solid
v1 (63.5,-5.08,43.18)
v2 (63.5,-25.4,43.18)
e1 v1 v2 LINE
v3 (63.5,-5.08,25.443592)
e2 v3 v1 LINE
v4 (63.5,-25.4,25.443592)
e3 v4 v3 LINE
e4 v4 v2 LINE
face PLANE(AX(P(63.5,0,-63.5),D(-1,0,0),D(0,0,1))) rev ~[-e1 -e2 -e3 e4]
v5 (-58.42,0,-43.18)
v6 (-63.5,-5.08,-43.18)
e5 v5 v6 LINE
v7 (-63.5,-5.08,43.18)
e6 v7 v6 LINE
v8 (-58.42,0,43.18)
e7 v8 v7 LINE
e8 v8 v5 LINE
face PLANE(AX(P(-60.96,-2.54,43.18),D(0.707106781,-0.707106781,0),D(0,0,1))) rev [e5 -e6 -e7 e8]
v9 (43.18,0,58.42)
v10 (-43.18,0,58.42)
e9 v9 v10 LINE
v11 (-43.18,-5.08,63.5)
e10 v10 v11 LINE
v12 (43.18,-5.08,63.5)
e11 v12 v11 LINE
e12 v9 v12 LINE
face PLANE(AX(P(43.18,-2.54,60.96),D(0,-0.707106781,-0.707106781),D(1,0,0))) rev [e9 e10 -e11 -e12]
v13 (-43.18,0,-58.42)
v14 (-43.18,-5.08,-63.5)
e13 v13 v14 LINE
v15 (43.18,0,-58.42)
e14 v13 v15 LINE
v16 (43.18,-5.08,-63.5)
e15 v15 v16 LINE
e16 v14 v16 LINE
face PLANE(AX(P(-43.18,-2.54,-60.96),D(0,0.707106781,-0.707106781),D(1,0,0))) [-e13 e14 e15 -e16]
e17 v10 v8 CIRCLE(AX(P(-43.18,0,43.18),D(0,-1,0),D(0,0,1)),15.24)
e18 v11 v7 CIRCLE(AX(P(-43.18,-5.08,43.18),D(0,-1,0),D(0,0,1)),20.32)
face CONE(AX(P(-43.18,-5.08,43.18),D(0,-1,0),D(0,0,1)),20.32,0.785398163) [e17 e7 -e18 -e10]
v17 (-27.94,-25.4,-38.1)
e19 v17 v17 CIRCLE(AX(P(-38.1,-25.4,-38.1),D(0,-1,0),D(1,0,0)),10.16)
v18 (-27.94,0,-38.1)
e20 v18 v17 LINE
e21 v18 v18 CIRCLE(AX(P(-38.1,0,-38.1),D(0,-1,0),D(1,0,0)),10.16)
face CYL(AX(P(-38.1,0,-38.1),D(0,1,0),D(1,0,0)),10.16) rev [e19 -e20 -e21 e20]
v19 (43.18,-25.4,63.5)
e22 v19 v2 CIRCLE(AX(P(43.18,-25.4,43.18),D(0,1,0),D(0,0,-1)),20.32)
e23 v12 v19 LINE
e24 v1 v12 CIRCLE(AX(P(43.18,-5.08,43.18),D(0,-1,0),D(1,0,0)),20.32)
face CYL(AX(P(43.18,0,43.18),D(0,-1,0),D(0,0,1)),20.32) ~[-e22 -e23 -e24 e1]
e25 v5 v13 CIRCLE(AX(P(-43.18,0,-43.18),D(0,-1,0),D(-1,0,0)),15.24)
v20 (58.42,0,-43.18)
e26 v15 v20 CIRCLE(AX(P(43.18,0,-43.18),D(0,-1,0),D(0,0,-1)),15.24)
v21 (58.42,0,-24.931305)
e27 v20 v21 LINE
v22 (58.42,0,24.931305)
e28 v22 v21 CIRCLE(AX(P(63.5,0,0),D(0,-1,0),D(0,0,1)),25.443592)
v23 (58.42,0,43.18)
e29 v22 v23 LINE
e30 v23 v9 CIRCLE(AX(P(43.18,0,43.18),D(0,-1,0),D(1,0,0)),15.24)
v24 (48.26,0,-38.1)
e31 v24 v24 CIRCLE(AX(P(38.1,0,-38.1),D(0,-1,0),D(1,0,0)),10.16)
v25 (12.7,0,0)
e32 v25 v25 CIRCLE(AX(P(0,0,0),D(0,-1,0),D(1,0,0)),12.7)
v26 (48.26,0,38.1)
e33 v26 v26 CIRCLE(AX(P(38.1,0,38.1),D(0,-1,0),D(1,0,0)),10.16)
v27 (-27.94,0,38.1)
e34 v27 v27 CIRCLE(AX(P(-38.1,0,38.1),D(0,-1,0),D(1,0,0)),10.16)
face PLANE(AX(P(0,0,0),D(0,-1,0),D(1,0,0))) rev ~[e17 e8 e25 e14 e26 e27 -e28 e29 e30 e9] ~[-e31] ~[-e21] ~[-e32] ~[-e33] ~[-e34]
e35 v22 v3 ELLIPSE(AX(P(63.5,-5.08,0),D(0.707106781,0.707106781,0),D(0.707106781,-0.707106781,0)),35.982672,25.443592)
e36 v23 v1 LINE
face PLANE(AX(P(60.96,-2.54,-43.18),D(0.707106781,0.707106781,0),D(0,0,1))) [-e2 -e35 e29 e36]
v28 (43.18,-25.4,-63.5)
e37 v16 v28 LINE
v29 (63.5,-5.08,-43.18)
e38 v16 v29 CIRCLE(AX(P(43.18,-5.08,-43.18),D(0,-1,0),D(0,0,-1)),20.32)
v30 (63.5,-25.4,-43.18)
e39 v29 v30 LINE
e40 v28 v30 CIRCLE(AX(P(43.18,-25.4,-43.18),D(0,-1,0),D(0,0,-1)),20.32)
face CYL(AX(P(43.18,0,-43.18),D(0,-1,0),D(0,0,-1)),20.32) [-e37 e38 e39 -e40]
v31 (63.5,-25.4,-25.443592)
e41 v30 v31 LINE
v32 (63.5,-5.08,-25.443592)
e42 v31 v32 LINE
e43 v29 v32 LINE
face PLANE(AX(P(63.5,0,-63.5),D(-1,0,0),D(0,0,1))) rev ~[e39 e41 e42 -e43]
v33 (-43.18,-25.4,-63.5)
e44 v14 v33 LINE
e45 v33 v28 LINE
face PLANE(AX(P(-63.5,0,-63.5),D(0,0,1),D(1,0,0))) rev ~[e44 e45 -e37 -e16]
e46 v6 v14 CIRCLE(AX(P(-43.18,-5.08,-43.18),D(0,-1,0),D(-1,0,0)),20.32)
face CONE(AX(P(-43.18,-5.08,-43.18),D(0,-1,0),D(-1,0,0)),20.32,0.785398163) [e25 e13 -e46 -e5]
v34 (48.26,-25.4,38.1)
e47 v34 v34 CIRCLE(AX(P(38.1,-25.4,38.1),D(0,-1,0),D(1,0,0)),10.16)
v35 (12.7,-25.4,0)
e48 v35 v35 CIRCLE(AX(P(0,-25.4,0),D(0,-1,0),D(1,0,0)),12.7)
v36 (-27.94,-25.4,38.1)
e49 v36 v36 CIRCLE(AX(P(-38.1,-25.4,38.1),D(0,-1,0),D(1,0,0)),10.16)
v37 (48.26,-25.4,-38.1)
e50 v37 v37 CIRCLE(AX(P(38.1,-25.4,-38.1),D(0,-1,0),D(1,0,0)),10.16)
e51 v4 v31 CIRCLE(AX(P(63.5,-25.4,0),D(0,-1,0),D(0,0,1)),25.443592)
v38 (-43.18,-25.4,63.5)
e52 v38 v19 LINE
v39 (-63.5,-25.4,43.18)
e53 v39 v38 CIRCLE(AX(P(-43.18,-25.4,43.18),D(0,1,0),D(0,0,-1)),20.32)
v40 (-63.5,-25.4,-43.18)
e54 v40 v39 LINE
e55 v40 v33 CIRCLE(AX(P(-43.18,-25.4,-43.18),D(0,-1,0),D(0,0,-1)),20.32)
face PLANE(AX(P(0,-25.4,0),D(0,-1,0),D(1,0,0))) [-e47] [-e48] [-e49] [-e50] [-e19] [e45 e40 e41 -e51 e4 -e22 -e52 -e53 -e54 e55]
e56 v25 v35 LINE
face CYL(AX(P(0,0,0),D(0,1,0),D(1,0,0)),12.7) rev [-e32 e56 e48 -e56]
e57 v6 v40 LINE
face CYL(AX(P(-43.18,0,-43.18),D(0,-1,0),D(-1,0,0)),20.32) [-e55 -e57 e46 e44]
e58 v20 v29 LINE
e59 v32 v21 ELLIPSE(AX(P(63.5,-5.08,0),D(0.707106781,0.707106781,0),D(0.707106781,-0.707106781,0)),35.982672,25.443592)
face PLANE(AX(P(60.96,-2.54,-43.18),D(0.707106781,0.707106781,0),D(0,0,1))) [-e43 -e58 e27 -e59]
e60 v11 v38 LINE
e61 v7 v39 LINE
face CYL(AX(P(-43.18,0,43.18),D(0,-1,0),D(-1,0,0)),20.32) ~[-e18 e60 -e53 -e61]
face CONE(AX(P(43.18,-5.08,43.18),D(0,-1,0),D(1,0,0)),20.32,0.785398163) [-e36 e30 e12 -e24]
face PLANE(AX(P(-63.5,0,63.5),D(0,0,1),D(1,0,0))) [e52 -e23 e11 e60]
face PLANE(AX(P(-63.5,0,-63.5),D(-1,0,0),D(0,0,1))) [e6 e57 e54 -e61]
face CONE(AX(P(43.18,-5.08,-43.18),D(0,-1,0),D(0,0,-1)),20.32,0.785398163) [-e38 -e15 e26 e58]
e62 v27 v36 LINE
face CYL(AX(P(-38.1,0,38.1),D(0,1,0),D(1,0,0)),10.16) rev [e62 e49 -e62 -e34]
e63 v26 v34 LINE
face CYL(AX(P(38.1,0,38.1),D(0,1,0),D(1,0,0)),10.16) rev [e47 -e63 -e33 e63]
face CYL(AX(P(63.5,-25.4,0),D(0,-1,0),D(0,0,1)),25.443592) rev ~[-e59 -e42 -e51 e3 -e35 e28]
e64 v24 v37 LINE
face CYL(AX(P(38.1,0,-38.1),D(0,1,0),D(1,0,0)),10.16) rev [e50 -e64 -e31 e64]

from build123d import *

# Parameters (mm, degrees)
F0_W     = 127
F0_H     = 127
F0_R     = 10.16
F0_R_2   = 12.7
F1_DEPTH = 25.4
F2_R     = 20.32
F3_SIZE  = 5.08
F5_DEPTH = 50.8964881301


with BuildPart() as f1:
    # F0 (on Front) → F1 (new body)
    with BuildSketch(Plane.XZ):
        Rectangle(F0_W, F0_H)
        with Locations((-38.1, -38.1)):
            Circle(F0_R, mode=Mode.SUBTRACT)
        with Locations((38.1, -38.1)):
            Circle(F0_R, mode=Mode.SUBTRACT)
        with Locations((-38.1, 38.1)):
            Circle(F0_R, mode=Mode.SUBTRACT)
        Circle(F0_R_2, mode=Mode.SUBTRACT)
        with Locations((38.1, 38.1)):
            Circle(F0_R, mode=Mode.SUBTRACT)
    extrude(amount=F1_DEPTH)

    # F2
    f2_edges = [f1.edges().sort_by_distance(p)[0] for p in [
        (63.5, -12.7, 63.5),
        (-63.5, -12.7, 63.5),
        (63.5, -12.7, -63.5),
        (-63.5, -12.7, -63.5),
    ]]
    fillet(f2_edges, radius=F2_R)

    # F3
    f3_edges = [f1.edges().sort_by_distance(p)[0] for p in [
        (0, 0, -63.5),
    ]]
    chamfer(f3_edges, length=F3_SIZE)

    # F4 (on face) → F5 (cut)
    with BuildSketch(Plane.XZ.offset(25.4)):
        with BuildLine():
            Line((63.5, -25.4435916758), (63.5, 25.4435916758))
            ThreePointArc((63.5, 25.4435916758), (38.0564083242, 0), (63.5, -25.4435916758))
        make_face()
    extrude(amount=-F5_DEPTH, mode=Mode.SUBTRACT)


solid = f1.part
